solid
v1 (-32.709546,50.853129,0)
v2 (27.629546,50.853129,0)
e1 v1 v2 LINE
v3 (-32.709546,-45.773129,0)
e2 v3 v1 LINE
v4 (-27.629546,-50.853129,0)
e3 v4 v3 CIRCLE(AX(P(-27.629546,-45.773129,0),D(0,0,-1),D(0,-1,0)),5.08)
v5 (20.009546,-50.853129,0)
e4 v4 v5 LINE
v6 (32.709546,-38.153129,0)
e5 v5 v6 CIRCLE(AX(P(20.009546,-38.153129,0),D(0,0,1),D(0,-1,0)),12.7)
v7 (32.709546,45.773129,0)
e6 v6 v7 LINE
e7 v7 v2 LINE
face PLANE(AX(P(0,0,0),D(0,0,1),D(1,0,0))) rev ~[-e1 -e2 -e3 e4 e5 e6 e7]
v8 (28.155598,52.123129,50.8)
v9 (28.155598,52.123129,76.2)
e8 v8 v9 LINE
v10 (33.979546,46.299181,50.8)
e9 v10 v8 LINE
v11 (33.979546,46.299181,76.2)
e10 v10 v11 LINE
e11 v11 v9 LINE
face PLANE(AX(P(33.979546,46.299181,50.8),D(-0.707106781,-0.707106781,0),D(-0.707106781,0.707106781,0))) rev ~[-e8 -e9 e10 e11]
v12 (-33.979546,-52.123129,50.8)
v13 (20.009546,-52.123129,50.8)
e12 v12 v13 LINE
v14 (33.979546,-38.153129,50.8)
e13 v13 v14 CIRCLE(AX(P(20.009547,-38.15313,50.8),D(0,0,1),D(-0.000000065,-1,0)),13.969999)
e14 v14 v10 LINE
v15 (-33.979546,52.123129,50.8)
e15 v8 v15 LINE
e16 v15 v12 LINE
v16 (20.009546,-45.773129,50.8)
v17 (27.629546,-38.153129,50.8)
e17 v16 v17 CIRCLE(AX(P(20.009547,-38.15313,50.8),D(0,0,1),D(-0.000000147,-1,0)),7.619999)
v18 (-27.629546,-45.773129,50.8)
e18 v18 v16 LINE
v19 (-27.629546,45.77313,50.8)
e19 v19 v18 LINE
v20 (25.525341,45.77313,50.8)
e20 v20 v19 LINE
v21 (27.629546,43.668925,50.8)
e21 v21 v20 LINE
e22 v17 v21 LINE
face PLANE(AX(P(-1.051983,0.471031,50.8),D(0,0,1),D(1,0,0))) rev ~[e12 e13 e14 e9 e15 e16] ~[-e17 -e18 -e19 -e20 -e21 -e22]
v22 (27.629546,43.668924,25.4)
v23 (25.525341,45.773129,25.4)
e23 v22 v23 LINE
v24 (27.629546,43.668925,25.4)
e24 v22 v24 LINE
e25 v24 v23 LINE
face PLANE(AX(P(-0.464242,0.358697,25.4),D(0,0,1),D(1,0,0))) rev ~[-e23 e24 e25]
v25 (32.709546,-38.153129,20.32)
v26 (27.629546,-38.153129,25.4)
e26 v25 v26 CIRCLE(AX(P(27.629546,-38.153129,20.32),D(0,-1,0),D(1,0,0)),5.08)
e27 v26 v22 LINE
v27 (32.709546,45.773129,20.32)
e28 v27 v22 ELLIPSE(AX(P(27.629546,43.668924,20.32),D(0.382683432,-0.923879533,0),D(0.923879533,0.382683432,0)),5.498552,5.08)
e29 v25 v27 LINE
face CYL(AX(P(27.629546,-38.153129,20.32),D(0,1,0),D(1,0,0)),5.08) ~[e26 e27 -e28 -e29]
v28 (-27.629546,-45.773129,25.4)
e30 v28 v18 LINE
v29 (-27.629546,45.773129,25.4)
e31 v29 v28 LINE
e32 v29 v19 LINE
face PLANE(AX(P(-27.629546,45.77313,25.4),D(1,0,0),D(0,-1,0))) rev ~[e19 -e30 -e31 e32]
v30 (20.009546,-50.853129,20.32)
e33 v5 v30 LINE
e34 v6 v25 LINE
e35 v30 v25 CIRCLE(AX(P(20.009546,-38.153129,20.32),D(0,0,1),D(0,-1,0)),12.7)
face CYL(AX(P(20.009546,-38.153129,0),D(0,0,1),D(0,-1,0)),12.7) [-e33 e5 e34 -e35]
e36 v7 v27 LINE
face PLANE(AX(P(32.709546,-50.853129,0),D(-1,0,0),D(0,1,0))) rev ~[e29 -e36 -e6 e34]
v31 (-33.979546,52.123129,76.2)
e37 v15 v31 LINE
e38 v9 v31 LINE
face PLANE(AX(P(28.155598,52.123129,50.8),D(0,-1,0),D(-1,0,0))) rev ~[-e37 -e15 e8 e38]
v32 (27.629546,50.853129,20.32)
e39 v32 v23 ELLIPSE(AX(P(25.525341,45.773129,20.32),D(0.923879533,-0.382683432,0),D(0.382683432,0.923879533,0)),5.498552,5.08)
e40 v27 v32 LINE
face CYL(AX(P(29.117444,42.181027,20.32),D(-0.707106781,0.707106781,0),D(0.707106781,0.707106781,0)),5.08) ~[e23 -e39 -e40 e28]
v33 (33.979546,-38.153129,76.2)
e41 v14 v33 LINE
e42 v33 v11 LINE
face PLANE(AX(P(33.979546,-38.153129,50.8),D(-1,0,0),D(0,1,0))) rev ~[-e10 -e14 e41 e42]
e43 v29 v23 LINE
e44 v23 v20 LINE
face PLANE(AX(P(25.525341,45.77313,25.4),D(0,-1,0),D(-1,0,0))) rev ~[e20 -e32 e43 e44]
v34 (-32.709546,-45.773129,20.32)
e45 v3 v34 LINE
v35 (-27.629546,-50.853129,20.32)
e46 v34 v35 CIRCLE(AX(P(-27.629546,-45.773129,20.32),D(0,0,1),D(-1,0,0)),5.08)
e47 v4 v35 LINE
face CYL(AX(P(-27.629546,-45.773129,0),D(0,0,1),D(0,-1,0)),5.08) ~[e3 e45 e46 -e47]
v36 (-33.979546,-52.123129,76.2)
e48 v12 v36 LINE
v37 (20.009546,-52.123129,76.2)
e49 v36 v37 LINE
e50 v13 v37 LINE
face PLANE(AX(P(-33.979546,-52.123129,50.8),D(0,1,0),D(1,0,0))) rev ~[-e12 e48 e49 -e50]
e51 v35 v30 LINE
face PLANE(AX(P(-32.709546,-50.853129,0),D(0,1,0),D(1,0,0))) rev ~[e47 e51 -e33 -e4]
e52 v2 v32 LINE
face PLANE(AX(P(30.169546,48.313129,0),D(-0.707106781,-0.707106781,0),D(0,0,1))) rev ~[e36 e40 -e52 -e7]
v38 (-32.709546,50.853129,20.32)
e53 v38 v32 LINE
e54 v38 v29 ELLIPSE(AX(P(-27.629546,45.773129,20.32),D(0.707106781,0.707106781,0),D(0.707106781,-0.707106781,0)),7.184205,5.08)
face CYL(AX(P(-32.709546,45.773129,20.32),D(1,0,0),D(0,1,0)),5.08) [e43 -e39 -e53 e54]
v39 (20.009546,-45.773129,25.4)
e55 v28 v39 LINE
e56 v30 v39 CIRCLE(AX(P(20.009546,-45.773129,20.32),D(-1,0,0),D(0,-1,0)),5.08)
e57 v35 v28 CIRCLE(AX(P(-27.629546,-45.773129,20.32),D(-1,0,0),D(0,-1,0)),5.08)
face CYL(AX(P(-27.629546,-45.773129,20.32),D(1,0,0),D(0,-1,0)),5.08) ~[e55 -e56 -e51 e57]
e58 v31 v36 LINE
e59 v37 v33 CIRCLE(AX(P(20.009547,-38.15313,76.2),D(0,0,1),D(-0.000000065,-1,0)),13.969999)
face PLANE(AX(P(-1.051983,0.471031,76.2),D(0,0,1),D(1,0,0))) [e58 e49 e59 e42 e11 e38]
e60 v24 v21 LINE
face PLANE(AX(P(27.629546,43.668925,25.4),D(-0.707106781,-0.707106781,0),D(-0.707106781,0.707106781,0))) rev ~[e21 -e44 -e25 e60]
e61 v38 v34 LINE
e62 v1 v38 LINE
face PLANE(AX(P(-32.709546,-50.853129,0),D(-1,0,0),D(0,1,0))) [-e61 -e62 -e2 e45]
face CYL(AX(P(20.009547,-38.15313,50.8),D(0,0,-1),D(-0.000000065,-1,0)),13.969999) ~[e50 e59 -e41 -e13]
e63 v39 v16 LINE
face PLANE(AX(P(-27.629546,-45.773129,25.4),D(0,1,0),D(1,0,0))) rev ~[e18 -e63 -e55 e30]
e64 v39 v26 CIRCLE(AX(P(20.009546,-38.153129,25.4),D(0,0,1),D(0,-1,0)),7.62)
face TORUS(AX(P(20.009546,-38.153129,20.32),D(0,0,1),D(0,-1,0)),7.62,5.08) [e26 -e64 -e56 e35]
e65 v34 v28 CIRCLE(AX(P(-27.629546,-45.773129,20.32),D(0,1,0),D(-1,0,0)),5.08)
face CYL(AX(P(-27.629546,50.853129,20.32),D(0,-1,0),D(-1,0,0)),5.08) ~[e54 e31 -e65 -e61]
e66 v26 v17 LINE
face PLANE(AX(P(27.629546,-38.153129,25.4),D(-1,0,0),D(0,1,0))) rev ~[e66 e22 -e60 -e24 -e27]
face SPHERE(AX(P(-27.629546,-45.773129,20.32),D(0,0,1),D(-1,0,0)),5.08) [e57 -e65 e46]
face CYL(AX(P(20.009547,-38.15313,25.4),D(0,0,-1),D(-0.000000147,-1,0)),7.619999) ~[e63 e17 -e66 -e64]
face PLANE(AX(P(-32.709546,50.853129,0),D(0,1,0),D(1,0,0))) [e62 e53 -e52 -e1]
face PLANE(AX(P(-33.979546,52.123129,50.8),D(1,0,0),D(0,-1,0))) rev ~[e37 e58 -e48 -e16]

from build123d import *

# Parameters (mm, degrees)
F0_W     = 65.419092
F0_H     = 101.706258
F1_DEPTH = 25.4
F2_SIZE  = 5.08
F3_R     = 5.08
F4_R     = 12.7
F5_R     = 5.08
F6_DEPTH = 25.4
F8_DEPTH = 25.4


with BuildPart() as f1:
    # F0 (on Top) → F1 (new body)
    with BuildSketch(Plane.XY):
        Rectangle(F0_W, F0_H)
    extrude(amount=F1_DEPTH)

    # F2
    f2_edges = [f1.edges().sort_by_distance(p)[0] for p in [
        (32.709546, 50.853129, 12.7),
    ]]
    chamfer(f2_edges, length=F2_SIZE)

    # F3
    f3_edges = [f1.edges().sort_by_distance(p)[0] for p in [
        (-32.709546, -50.853129, 12.7),
    ]]
    fillet(f3_edges, radius=F3_R)

    # F4
    f4_edges = [f1.edges().sort_by_distance(p)[0] for p in [
        (32.709546, -50.853129, 12.7),
    ]]
    fillet(f4_edges, radius=F4_R)

    # F5
    f5_edges = [f1.edges().sort_by_distance(p)[0] for p in [
        (32.709546, 3.81, 25.4),
        (-3.81, -50.853129, 25.4),
        (28.989803, -47.133386, 25.4),
        (-31.221649, -49.365232, 25.4),
        (-32.709546, 2.54, 25.4),
        (30.169546, 48.313129, 25.4),
        (-2.54, 50.853129, 25.4),
    ]]
    fillet(f5_edges, radius=F5_R)

    # F1_face (on face) → F6 (join)
    with BuildSketch(Plane(origin=(-0.075869, 0.08909, 25.4), x_dir=(1, 0, 0), z_dir=(0, 0, 1))):
        with BuildLine():
            Line((-27.553677, 45.68404), (-27.553677, -45.862219))
            Line((-27.553677, -45.862219), (20.085415, -45.862219))
            ThreePointArc((20.085415, -45.862219), (25.473569, -43.630373), (27.705415, -38.242219))
            Line((27.705415, -38.242219), (27.705415, 43.579835))
            Line((27.705415, 43.579835), (25.60121, 45.68404))
            Line((25.60121, 45.68404), (-27.553677, 45.68404))
        make_face()
    extrude(amount=F6_DEPTH)

    # F7 (on face) → F8 (join)
    with BuildSketch(Plane.XY.offset(50.8)):
        with BuildLine():
            Line((28.155598, 52.123129), (-33.979546, 52.123129))
            Line((-33.979546, 52.123129), (-33.979546, -52.123129))
            Line((-33.979546, -52.123129), (20.009546, -52.123129))
            ThreePointArc((20.009546, -52.123129), (29.887828, -48.031411), (33.979546, -38.153129))
            Line((33.979546, -38.153129), (33.979546, 46.299181))
            Line((33.979546, 46.299181), (28.155598, 52.123129))
        make_face()
    extrude(amount=F8_DEPTH)


solid = f1.part
